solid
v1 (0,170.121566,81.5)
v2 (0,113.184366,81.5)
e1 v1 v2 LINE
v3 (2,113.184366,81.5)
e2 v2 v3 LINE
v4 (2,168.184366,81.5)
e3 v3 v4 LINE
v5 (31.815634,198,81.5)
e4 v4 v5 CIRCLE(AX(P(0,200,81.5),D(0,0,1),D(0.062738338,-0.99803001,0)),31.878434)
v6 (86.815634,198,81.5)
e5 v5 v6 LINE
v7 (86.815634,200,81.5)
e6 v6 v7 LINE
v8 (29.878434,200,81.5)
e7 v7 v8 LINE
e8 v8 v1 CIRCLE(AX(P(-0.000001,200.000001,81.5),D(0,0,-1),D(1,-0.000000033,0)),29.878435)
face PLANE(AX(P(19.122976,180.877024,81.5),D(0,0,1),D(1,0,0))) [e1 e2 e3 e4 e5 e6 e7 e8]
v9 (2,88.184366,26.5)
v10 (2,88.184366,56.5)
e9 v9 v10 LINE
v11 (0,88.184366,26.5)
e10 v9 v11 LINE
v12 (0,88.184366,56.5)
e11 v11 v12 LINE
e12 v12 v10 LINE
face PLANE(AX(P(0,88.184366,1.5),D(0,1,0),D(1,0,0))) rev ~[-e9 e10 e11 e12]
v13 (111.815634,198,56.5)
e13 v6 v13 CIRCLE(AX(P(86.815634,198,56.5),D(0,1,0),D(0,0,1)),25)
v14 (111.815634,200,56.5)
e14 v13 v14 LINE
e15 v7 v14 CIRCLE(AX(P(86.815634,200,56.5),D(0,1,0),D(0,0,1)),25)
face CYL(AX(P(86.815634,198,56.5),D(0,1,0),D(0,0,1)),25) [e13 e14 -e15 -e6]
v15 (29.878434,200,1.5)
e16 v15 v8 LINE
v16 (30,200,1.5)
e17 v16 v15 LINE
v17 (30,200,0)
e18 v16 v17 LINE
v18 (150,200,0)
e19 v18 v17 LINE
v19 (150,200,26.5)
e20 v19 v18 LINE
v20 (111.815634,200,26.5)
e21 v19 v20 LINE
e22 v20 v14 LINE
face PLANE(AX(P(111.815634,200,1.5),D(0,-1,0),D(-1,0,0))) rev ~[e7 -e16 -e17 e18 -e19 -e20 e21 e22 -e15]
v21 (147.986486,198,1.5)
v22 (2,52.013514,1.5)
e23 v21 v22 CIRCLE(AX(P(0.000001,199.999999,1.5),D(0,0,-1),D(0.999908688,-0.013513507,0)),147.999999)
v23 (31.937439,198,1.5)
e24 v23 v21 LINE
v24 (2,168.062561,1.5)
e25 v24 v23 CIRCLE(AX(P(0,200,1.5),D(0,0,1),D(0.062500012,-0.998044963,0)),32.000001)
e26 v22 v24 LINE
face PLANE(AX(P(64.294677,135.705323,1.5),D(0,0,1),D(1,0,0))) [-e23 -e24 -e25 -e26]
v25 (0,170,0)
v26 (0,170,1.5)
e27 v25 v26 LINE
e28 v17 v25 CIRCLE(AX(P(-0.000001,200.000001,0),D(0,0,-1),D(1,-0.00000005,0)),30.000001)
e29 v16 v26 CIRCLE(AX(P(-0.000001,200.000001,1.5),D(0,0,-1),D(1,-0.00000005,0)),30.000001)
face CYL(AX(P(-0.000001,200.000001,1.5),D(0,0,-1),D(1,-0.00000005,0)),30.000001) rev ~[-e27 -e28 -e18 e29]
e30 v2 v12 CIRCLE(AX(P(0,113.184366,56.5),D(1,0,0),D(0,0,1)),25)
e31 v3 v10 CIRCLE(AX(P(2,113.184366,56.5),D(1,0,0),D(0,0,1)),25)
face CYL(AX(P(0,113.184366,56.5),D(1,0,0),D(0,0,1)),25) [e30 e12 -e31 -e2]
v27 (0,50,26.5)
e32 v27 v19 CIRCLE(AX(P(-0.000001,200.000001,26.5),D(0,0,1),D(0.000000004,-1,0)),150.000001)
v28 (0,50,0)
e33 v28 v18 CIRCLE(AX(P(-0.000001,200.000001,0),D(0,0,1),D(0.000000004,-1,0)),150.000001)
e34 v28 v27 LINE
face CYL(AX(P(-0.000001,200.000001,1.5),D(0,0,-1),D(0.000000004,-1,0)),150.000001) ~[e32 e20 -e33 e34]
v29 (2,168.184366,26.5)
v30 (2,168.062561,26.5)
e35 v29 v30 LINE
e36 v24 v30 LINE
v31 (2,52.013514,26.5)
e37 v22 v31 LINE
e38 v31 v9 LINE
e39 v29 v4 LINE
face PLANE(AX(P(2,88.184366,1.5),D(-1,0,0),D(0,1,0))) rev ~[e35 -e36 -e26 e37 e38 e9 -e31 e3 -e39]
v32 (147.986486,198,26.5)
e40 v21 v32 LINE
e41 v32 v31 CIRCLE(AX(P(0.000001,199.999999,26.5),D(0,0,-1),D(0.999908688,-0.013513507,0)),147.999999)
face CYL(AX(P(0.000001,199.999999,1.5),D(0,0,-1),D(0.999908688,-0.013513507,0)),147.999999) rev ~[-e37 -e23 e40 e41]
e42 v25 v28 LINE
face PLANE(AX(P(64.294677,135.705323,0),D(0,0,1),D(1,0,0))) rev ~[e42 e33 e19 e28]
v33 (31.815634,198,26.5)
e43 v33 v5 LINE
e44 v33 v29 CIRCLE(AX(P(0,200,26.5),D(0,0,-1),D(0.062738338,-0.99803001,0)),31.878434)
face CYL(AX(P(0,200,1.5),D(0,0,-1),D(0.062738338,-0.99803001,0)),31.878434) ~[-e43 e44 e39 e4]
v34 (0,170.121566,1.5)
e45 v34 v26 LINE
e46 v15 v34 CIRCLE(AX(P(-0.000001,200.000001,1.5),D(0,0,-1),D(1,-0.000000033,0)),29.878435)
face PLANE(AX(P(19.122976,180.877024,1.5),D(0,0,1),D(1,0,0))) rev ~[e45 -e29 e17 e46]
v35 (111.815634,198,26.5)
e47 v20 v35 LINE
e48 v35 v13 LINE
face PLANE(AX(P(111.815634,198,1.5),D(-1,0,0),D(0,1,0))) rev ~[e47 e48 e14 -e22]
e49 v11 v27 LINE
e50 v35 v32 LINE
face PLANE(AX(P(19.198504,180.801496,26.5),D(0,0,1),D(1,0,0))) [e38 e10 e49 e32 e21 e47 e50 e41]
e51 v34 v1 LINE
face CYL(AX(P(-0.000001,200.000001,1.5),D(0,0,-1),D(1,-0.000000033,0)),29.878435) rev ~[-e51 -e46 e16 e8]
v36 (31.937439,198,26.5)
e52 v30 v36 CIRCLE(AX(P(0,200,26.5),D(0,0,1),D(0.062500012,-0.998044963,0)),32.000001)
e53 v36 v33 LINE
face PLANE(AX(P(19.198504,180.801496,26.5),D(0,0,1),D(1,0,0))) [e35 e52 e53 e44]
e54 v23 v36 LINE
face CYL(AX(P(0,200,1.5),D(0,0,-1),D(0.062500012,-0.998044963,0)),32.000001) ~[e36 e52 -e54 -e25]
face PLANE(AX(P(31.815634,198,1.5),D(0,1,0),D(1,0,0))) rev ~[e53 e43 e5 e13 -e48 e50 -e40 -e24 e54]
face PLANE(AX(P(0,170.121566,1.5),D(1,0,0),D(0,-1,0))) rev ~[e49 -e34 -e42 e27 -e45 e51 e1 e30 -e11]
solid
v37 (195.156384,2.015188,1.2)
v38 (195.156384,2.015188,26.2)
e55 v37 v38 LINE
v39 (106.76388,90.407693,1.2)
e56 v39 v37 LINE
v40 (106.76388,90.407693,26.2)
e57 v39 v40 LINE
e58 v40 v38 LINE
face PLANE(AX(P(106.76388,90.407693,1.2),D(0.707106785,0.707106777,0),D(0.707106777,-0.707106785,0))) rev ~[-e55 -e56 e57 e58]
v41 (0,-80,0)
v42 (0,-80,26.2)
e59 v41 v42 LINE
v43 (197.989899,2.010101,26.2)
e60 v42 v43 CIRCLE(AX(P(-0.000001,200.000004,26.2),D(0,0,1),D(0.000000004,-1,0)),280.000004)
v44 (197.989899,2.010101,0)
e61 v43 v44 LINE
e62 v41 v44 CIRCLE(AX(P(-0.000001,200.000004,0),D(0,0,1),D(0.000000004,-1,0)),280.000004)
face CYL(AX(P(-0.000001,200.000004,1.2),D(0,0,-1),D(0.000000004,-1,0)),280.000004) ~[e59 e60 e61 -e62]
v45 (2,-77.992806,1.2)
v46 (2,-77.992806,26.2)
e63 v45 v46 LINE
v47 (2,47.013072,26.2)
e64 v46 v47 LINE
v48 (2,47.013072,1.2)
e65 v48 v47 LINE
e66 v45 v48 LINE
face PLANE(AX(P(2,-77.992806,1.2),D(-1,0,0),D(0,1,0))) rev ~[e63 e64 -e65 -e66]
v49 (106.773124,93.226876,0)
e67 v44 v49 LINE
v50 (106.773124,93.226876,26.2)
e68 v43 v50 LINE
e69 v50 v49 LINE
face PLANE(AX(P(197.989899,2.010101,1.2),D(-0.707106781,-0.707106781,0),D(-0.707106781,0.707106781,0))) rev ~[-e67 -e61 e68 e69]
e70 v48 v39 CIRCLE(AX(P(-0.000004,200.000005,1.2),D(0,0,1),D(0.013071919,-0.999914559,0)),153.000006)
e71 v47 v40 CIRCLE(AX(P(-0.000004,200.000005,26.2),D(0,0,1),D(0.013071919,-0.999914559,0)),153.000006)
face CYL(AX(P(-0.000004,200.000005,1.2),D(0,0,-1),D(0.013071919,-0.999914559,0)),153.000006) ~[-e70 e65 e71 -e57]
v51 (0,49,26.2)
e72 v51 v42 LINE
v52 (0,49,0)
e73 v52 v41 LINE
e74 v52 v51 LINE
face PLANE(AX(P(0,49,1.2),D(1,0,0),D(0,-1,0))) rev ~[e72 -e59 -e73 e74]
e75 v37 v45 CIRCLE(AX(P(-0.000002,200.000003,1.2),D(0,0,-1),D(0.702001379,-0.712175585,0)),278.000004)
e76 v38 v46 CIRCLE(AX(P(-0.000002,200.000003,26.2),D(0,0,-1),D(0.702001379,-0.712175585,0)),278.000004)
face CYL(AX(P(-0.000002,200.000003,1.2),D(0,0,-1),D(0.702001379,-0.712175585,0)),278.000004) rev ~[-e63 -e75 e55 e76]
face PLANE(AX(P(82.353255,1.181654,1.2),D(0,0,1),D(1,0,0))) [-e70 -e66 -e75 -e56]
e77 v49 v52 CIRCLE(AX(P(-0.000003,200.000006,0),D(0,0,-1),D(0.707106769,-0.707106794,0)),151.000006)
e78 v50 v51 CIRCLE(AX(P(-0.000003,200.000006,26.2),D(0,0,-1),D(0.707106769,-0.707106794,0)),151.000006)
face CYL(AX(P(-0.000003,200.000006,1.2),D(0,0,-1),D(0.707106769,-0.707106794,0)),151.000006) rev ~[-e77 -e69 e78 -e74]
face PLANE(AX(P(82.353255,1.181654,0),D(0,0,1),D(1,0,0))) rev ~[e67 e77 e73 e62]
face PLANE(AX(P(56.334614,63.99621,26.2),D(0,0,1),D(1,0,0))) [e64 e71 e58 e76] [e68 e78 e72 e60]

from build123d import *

# Parameters (mm, degrees)
F1_DEPTH = 1.5
F3_DEPTH = 25
F5_DEPTH = 1.2
F7_DEPTH = 25
F9_DEPTH = 80
F10_R    = 25


with BuildPart() as f1:
    # F0 (on Top) → F1 (new body)
    with BuildSketch(Plane.XY):
        with BuildLine():
            ThreePointArc((30, 200), (21.213203, 178.786797), (0, 170))
            Line((0, 170), (0, 50))
            ThreePointArc((0, 50), (106.066017, 93.933983), (150, 200))
            Line((150, 200), (30, 200))
        make_face()
    extrude(amount=F1_DEPTH)

    # F2 (on face) → F3 (join)
    with BuildSketch(Plane.XY.offset(1.5)):
        with BuildLine():
            ThreePointArc((30, 200), (21.213203, 178.786797), (0, 170))
            Line((0, 170), (0, 168))
            ThreePointArc((0, 168), (1.000489, 168.015644), (2, 168.062561))
            ThreePointArc((2, 168.062561), (22.627417, 177.372583), (31.937439, 198))
            ThreePointArc((31.937439, 198), (31.984356, 198.999511), (32, 200))
            Line((32, 200), (30, 200))
        make_face()
        with BuildLine():
            ThreePointArc((2, 168.062561), (1.000489, 168.015644), (0, 168))
            Line((0, 168), (0, 52))
            ThreePointArc((0, 52), (1.000023, 52.003379), (2, 52.013514))
            Line((2, 52.013514), (2, 168.062561))
        make_face()
        with BuildLine():
            Line((148, 200), (32, 200))
            ThreePointArc((32, 200), (31.984356, 198.999511), (31.937439, 198))
            Line((31.937439, 198), (147.986486, 198))
            ThreePointArc((147.986486, 198), (147.996621, 198.999977), (148, 200))
        make_face()
        with BuildLine():
            ThreePointArc((2, 52.013514), (1.000023, 52.003379), (0, 52))
            Line((0, 52), (0, 50))
            ThreePointArc((0, 50), (106.066017, 93.933983), (150, 200))
            Line((150, 200), (148, 200))
            ThreePointArc((148, 200), (147.996621, 198.999977), (147.986486, 198))
            ThreePointArc((147.986486, 198), (104.651804, 95.348196), (2, 52.013514))
        make_face()
    extrude(amount=F3_DEPTH)

    # F8 (on face) → F9 (join)
    with BuildSketch(Plane.XY.offset(1.5)):
        with BuildLine():
            ThreePointArc((29.878434, 200), (21.127243, 178.872757), (0, 170.121566))
            Line((0, 170.121566), (0, 168.121566))
            ThreePointArc((0, 168.121566), (1.000493, 168.13727), (2, 168.184366))
            ThreePointArc((2, 168.184366), (22.541457, 177.458543), (31.815634, 198))
            ThreePointArc((31.815634, 198), (31.86273, 198.999507), (31.878434, 200))
            Line((31.878434, 200), (29.878434, 200))
        make_face()
        with BuildLine():
            ThreePointArc((2, 168.184366), (1.000493, 168.13727), (0, 168.121566))
            Line((0, 168.121566), (0, 88.184366))
            Line((0, 88.184366), (2, 88.184366))
            Line((2, 88.184366), (2, 168.184366))
        make_face()
        with BuildLine():
            Line((111.815634, 200), (31.878434, 200))
            ThreePointArc((31.878434, 200), (31.86273, 198.999507), (31.815634, 198))
            Line((31.815634, 198), (111.815634, 198))
            Line((111.815634, 198), (111.815634, 200))
        make_face()
    extrude(amount=F9_DEPTH)

    # F10
    f10_edges = [f1.edges().sort_by_distance(p)[0] for p in [
        (111.815634, 199, 81.5),
        (1, 88.184366, 81.5),
    ]]
    fillet(f10_edges, radius=F10_R)


with BuildPart() as f5:
    # F4 (on Top) → F5 (new body)
    with BuildSketch(Plane.XY):
        with BuildLine():
            ThreePointArc((106.773124, 93.226876), (57.785198, 60.494191), (0, 49))
            Line((0, 49), (0, -80))
            ThreePointArc((0, -80), (107.151361, -58.686269), (197.989899, 2.010101))
            Line((197.989899, 2.010101), (106.773124, 93.226876))
        make_face()
    extrude(amount=F5_DEPTH)

    # F6 (on face) → F7 (join)
    with BuildSketch(Plane.XY.offset(1.2)):
        with BuildLine():
            ThreePointArc((106.773124, 93.226876), (57.785198, 60.494191), (0, 49))
            Line((0, 49), (0, 47))
            ThreePointArc((0, 47), (1.000021, 47.003268), (2, 47.013072))
            ThreePointArc((2, 47.013072), (58.550565, 58.646432), (106.76388, 90.407693))
            ThreePointArc((106.76388, 90.407693), (107.477905, 91.107852), (108.187338, 91.812662))
            Line((108.187338, 91.812662), (106.773124, 93.226876))
        make_face()
        with BuildLine():
            ThreePointArc((2, 47.013072), (1.000021, 47.003268), (0, 47))
            Line((0, 47), (0, -78))
            ThreePointArc((0, -78), (1.000006, -77.998201), (2, -77.992806))
            Line((2, -77.992806), (2, 47.013072))
        make_face()
        with BuildLine():
            Line((196.575685, 3.424315), (108.187338, 91.812662))
            ThreePointArc((108.187338, 91.812662), (107.477905, 91.107852), (106.76388, 90.407693))
            Line((106.76388, 90.407693), (195.156384, 2.015188))
            ThreePointArc((195.156384, 2.015188), (195.867302, 2.718475), (196.575685, 3.424315))
        make_face()
        with BuildLine():
            ThreePointArc((2, -77.992806), (1.000006, -77.998201), (0, -78))
            Line((0, -78), (0, -80))
            ThreePointArc((0, -80), (107.151361, -58.686269), (197.989899, 2.010101))
            Line((197.989899, 2.010101), (196.575685, 3.424315))
            ThreePointArc((196.575685, 3.424315), (195.867302, 2.718475), (195.156384, 2.015188))
            ThreePointArc((195.156384, 2.015188), (106.385994, -56.83851), (2, -77.992806))
        make_face()
    extrude(amount=F7_DEPTH)


solid = Compound([f1.part, f5.part])
